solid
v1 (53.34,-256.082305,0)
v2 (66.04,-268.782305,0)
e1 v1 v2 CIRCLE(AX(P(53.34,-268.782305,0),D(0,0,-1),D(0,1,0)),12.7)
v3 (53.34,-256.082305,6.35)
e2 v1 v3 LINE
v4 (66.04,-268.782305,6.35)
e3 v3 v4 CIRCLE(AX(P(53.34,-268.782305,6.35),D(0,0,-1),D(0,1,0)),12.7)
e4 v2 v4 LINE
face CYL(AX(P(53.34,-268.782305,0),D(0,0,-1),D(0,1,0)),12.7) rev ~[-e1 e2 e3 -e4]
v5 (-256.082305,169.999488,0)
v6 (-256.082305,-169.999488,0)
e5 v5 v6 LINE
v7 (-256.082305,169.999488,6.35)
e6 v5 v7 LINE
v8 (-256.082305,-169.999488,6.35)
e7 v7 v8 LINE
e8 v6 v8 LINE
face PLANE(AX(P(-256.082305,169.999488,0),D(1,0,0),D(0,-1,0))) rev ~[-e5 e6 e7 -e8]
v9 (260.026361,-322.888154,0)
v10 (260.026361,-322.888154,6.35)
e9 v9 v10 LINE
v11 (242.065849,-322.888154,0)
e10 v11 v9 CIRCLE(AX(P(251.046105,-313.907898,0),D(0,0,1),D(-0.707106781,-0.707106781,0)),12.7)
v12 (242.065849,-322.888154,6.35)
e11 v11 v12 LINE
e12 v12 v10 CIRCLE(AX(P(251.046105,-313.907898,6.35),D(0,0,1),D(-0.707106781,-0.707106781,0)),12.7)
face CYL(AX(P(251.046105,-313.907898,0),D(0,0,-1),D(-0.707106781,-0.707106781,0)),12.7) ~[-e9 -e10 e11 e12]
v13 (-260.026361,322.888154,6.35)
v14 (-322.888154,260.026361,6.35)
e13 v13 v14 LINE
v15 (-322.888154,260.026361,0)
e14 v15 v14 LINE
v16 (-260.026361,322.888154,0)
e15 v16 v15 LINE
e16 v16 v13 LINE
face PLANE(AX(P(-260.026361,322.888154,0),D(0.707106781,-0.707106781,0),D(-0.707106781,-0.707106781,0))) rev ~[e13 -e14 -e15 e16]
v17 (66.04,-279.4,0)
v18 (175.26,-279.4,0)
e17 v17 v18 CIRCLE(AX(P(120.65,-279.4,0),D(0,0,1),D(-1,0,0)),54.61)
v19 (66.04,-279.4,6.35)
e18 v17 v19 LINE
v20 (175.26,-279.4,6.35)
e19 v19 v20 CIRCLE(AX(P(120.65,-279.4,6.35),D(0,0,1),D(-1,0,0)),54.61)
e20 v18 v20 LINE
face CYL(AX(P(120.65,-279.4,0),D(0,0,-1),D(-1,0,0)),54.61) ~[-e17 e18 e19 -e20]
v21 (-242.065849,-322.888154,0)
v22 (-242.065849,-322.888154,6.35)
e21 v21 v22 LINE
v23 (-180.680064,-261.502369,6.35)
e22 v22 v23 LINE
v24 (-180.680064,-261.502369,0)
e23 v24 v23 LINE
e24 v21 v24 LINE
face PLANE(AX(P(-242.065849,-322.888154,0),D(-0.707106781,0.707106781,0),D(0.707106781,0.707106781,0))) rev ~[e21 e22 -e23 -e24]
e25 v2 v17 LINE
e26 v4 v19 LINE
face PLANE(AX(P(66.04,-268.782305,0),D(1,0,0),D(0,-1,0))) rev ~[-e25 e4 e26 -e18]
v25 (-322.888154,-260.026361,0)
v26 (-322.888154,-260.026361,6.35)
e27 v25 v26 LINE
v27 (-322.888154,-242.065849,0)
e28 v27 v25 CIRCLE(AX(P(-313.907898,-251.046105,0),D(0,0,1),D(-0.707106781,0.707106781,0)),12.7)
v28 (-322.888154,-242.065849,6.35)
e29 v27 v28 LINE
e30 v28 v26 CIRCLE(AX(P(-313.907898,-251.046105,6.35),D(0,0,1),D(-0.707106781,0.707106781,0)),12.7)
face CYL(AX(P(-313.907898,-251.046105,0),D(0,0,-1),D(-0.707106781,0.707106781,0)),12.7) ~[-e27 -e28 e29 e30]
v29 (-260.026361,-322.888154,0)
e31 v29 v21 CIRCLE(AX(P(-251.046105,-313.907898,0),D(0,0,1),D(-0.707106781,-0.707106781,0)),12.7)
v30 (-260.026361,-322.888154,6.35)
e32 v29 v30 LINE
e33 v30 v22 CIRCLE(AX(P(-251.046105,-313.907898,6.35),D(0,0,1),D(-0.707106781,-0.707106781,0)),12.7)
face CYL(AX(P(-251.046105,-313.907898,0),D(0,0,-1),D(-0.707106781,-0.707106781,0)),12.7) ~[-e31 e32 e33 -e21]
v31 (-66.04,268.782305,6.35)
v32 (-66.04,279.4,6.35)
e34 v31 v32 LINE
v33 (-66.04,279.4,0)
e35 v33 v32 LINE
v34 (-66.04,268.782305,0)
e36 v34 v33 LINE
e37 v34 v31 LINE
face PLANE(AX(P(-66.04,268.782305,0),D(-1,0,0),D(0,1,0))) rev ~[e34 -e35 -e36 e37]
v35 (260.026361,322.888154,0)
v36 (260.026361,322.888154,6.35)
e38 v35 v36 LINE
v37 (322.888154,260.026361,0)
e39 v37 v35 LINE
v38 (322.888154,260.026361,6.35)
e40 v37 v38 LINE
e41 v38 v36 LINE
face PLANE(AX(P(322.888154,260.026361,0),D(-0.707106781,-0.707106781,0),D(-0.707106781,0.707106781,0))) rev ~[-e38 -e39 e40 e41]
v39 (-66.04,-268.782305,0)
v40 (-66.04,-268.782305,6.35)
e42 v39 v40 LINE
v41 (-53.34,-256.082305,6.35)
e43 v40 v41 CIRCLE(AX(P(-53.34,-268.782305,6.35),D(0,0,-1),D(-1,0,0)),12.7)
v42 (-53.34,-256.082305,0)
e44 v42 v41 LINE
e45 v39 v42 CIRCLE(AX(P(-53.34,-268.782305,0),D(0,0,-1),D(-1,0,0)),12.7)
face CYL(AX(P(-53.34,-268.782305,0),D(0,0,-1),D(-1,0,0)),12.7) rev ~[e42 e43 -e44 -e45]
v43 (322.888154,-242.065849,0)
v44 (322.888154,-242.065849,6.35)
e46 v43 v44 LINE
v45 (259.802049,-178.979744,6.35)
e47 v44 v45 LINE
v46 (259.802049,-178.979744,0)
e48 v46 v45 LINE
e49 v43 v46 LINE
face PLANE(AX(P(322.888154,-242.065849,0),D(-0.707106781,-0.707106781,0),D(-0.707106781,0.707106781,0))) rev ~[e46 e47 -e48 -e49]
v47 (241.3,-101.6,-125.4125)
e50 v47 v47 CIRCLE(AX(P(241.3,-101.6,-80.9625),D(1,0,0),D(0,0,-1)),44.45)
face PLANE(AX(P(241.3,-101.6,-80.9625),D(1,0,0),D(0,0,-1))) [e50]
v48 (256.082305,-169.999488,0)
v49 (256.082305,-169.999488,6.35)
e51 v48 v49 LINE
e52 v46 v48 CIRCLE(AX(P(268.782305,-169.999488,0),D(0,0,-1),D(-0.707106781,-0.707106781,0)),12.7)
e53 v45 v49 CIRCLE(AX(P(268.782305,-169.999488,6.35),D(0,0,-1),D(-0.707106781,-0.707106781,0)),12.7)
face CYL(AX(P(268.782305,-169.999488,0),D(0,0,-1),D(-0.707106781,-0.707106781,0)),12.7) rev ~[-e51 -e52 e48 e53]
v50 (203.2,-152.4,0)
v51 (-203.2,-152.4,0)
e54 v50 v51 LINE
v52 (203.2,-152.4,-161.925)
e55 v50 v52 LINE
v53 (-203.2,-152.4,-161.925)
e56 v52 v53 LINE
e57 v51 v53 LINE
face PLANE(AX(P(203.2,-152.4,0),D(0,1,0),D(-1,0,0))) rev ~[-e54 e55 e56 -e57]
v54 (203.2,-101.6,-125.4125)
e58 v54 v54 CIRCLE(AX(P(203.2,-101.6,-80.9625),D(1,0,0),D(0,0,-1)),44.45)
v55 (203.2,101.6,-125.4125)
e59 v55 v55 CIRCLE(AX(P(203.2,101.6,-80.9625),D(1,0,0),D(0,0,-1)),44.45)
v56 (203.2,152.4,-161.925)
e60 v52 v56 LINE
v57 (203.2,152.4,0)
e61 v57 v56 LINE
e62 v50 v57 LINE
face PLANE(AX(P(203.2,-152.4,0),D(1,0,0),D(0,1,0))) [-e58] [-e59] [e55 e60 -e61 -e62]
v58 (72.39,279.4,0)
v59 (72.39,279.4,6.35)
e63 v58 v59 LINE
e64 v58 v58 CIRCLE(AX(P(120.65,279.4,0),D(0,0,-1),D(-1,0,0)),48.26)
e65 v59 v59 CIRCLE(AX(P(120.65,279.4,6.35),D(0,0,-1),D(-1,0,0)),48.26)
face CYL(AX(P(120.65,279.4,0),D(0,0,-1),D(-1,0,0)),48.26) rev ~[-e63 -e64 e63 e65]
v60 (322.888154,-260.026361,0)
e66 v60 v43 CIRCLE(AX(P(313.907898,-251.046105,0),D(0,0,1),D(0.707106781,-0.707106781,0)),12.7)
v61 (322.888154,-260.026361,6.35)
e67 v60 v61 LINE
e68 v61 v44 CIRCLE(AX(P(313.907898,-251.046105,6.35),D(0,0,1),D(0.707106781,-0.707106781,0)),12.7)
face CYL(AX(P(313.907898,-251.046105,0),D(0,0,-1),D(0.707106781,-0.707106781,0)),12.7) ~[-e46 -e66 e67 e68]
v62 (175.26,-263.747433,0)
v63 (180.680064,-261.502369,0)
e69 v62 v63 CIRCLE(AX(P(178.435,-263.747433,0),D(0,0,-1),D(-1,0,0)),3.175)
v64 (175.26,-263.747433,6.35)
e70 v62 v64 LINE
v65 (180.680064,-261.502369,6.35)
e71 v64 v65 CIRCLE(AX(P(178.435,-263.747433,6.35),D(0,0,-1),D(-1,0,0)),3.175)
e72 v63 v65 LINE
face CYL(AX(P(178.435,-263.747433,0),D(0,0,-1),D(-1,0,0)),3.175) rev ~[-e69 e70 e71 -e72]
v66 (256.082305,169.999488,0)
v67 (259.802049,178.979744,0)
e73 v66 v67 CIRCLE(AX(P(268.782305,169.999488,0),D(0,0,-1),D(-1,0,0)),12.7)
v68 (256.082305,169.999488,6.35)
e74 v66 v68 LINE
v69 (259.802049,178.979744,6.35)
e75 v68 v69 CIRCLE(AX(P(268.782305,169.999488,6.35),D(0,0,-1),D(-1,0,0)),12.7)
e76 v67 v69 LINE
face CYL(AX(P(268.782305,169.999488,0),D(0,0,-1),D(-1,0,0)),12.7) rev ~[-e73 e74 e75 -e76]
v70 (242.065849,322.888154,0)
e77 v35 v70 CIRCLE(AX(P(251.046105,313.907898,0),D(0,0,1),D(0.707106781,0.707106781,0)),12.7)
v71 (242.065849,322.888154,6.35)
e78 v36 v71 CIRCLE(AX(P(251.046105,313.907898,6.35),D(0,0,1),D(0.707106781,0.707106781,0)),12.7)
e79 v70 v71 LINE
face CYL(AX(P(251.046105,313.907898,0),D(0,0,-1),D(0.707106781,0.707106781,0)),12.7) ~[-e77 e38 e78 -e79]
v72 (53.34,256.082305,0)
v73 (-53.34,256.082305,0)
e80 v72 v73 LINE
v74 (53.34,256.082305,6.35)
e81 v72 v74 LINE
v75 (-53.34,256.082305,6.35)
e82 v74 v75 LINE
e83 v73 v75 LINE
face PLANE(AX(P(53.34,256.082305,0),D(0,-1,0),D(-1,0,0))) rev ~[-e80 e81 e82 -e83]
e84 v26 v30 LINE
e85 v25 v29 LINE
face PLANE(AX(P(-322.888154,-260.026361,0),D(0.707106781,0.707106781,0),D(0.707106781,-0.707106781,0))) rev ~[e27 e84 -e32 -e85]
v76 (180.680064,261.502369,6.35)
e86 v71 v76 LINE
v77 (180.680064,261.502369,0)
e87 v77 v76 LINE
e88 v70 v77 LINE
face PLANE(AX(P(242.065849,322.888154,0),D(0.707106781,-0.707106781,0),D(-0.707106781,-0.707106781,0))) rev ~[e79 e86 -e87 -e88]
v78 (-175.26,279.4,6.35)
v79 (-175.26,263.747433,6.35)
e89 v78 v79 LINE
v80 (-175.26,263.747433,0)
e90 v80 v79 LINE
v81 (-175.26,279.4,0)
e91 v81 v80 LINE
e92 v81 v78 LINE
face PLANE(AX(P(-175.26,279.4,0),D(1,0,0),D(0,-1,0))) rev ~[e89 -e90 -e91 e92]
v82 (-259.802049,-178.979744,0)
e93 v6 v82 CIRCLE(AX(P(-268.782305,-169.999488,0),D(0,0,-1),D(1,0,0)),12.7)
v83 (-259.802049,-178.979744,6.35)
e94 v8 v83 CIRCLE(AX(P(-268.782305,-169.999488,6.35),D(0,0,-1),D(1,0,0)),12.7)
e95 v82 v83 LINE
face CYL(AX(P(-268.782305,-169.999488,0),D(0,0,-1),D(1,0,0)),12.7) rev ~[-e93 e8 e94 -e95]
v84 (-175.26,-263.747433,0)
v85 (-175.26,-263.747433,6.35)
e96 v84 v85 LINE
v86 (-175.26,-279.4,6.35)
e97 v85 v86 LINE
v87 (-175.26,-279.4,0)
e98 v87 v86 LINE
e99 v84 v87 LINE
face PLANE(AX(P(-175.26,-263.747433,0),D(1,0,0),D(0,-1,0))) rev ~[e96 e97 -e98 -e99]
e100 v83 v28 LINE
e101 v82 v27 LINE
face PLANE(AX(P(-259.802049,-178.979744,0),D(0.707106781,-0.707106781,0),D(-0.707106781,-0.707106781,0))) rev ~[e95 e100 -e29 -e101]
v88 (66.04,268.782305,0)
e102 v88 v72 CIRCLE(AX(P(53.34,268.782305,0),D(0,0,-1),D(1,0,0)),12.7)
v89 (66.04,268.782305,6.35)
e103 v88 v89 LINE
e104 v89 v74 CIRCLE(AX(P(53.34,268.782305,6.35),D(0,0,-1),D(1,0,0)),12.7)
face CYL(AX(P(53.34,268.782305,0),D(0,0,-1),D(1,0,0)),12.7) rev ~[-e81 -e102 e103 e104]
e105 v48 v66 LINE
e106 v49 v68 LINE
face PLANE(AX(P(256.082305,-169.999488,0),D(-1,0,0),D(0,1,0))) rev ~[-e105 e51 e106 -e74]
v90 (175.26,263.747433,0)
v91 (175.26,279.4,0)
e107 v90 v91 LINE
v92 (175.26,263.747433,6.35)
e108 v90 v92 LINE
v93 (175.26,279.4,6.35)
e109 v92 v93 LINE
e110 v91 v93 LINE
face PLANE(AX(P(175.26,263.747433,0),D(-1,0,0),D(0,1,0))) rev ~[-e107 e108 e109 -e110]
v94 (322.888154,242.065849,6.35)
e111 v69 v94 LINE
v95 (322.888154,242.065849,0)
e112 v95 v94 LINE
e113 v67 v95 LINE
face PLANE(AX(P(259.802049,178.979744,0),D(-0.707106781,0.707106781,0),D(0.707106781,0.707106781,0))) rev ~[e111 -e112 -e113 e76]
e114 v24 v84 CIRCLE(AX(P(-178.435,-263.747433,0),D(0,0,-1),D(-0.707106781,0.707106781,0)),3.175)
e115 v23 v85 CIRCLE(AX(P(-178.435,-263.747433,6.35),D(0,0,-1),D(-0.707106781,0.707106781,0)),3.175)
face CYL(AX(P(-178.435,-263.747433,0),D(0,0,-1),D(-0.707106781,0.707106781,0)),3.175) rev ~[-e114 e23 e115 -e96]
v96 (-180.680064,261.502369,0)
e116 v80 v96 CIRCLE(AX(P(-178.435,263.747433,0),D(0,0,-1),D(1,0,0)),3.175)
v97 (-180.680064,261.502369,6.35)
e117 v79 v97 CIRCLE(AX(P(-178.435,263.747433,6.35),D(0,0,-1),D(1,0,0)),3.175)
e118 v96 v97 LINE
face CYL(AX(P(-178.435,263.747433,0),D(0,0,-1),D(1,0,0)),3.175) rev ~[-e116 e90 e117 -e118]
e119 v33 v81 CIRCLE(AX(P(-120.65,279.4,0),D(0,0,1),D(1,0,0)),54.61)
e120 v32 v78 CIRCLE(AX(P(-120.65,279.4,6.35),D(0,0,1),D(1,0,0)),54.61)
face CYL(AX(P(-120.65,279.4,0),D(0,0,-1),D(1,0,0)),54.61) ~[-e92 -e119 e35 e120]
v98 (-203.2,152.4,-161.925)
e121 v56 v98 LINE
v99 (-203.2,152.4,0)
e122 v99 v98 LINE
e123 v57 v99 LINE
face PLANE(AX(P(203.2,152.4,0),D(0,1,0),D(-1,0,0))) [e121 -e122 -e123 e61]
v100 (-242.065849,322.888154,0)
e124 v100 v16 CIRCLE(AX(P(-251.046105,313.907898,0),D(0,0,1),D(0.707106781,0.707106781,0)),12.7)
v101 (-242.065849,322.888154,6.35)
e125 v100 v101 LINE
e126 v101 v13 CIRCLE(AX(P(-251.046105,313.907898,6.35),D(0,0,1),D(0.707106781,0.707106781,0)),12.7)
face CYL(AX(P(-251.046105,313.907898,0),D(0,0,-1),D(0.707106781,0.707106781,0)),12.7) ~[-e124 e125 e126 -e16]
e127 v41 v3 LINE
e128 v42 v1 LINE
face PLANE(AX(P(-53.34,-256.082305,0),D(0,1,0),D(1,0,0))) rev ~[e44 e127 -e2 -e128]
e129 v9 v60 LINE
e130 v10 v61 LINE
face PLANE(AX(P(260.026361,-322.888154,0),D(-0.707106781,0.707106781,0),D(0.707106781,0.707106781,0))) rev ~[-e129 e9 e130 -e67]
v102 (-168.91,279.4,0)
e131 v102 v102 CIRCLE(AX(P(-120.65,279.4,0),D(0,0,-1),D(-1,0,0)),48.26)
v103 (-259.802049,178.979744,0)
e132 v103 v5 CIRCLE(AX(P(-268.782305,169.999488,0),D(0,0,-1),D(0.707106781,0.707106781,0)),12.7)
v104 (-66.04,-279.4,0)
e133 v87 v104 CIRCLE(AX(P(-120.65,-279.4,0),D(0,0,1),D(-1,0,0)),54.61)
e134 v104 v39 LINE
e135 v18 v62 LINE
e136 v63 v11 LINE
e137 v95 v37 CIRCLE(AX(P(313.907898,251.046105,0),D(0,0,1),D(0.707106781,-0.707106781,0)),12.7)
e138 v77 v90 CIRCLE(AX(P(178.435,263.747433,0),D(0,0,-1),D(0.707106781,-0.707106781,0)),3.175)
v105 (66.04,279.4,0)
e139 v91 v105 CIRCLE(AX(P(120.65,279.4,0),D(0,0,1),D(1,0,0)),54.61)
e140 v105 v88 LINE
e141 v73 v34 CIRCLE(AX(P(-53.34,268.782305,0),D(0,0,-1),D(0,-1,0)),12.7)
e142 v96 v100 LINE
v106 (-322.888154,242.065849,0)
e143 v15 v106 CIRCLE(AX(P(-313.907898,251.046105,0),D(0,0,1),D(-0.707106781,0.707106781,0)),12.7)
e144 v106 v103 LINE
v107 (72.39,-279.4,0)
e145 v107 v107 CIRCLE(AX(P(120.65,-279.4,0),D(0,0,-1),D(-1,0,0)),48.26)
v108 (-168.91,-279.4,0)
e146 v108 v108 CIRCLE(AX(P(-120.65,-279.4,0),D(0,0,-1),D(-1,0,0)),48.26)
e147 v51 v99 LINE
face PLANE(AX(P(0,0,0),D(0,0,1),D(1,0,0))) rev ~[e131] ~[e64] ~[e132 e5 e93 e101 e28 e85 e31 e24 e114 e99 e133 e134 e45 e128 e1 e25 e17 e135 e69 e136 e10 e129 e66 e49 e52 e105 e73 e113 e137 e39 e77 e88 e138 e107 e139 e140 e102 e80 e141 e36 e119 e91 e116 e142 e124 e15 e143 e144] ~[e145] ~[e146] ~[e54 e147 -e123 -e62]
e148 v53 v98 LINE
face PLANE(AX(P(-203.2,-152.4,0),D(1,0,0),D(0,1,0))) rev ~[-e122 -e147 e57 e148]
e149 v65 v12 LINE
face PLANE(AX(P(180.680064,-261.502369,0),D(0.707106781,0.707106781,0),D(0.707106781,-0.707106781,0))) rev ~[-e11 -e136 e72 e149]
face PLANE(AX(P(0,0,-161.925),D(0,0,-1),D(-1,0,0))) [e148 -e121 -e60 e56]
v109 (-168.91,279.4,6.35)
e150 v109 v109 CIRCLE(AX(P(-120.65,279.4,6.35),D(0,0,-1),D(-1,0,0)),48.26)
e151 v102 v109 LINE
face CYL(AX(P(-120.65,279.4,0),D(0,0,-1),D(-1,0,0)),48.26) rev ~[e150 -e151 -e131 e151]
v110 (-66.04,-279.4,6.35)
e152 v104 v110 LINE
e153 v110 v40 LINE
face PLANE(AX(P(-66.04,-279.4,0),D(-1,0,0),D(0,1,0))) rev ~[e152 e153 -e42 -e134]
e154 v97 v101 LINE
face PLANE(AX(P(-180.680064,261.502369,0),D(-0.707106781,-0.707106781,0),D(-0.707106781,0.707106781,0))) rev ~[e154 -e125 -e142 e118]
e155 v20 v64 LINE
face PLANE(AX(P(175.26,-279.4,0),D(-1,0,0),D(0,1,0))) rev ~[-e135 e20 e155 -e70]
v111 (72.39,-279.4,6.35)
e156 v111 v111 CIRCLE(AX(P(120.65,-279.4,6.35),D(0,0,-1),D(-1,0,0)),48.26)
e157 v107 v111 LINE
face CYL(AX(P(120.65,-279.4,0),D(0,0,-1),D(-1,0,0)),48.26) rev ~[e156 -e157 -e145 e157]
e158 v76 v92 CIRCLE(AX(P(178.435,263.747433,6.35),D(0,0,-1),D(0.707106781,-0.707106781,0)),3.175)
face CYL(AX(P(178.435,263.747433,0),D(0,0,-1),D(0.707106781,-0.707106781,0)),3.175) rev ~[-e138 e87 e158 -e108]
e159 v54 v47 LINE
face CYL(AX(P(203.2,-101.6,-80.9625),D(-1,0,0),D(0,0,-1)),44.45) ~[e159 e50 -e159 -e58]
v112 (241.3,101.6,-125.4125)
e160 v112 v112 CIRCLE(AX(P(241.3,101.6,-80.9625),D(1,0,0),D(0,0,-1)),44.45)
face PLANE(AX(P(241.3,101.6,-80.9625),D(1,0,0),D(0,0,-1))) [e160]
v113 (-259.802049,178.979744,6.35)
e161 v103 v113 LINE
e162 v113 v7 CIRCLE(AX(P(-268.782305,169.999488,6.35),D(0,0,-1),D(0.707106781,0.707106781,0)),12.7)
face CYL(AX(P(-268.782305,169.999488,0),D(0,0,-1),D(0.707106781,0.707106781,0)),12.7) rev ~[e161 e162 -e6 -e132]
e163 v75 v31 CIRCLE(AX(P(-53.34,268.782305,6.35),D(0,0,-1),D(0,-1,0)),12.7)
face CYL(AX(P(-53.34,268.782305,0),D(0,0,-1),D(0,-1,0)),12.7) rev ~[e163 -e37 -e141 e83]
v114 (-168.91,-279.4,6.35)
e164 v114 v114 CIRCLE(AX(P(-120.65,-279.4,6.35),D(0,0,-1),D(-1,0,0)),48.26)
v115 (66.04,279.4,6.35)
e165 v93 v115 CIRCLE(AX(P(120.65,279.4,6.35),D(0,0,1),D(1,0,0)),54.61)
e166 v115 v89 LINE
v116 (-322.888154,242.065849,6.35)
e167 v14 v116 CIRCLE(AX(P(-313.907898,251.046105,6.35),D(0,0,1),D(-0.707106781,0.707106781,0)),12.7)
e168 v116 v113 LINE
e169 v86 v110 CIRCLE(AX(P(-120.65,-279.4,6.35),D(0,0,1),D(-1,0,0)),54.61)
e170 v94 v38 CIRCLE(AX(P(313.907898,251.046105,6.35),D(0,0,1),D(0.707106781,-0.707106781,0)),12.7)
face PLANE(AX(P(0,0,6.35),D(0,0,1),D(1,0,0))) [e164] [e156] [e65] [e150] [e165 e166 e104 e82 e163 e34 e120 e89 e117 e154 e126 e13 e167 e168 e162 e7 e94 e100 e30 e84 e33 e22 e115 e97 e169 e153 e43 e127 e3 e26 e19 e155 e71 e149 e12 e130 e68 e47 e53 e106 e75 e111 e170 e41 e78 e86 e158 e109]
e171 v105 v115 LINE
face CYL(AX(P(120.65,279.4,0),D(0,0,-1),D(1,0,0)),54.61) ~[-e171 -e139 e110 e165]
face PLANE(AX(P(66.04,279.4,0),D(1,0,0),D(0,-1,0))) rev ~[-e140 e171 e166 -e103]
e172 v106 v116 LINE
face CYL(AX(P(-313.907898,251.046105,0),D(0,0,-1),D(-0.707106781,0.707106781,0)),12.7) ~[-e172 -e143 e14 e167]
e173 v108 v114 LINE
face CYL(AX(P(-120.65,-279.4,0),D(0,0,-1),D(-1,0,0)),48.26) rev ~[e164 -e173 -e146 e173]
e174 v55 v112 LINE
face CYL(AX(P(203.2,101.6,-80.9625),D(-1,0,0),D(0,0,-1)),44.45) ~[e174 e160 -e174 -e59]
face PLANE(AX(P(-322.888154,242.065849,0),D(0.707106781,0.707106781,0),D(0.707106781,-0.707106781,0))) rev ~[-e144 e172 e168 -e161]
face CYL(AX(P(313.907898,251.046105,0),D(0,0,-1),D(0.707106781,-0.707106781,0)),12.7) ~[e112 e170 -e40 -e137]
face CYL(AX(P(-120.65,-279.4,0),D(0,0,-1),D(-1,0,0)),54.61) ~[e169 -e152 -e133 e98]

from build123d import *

# Parameters (mm, degrees)
BOSS_EXTRUDE1_DEPTH = 6.35
SKETCH2_W           = 406.4
SKETCH2_H           = 304.8
BOSS_EXTRUDE2_DEPTH = 161.925
SKETCH3_R           = 48.26
CUT_EXTRUDE1_DEPTH  = 161.925
SKETCH4_R           = 44.45
BOSS_EXTRUDE3_DEPTH = 38.1


with BuildPart() as part:
    # Sketch1 → Boss-Extrude1 (new body)
    with BuildSketch(Plane.XY):
        with BuildLine():
            Line((256.082305134, -169.999487802), (256.082305134, 169.999487802))
            ThreePointArc((256.082305134, 169.999487802), (257.049035071, 174.859567393), (259.802049013, 178.979743923))
            Line((259.802049013, 178.979743923), (322.888153673, 242.065848583))
            ThreePointArc((322.888153673, 242.065848583), (326.607897552, 251.046104704), (322.888153673, 260.026360825))
            Line((322.888153673, 260.026360825), (260.026360825, 322.888153673))
            ThreePointArc((260.026360825, 322.888153673), (251.046104704, 326.607897552), (242.065848583, 322.888153673))
            Line((242.065848583, 322.888153673), (180.680064074, 261.502369164))
            ThreePointArc((180.680064074, 261.502369164), (177.219980146, 260.814115678), (175.260000044, 263.747433194))
            Line((175.260000044, 263.747433194), (175.260000044, 279.4))
            ThreePointArc((175.260000044, 279.4), (120.65, 334.010000044), (66.039999956, 279.4))
            Line((66.039999956, 279.4), (66.039999956, 268.782305134))
            ThreePointArc((66.039999956, 268.782305134), (62.320256077, 259.802049013), (53.339999956, 256.082305134))
            Line((53.339999956, 256.082305134), (-53.339999956, 256.082305134))
            ThreePointArc((-53.339999956, 256.082305134), (-62.320256077, 259.802049013), (-66.039999956, 268.782305134))
            Line((-66.039999956, 268.782305134), (-66.039999956, 279.4))
            ThreePointArc((-66.039999956, 279.4), (-120.65, 334.010000044), (-175.260000044, 279.4))
            Line((-175.260000044, 279.4), (-175.260000044, 263.747433194))
            ThreePointArc((-175.260000044, 263.747433194), (-177.219980146, 260.814115678), (-180.680064074, 261.502369164))
            Line((-180.680064074, 261.502369164), (-242.065848583, 322.888153673))
            ThreePointArc((-242.065848583, 322.888153673), (-251.046104704, 326.607897552), (-260.026360825, 322.888153673))
            Line((-260.026360825, 322.888153673), (-322.888153673, 260.026360825))
            ThreePointArc((-322.888153673, 260.026360825), (-326.607897552, 251.046104704), (-322.888153673, 242.065848583))
            Line((-322.888153673, 242.065848583), (-259.802049013, 178.979743923))
            ThreePointArc((-259.802049013, 178.979743923), (-257.049035071, 174.859567393), (-256.082305134, 169.999487802))
            Line((-256.082305134, 169.999487802), (-256.082305134, -169.999487802))
            ThreePointArc((-256.082305134, -169.999487802), (-257.049035071, -174.859567393), (-259.802049013, -178.979743923))
            Line((-259.802049013, -178.979743923), (-322.888153673, -242.065848583))
            ThreePointArc((-322.888153673, -242.065848583), (-326.607897552, -251.046104704), (-322.888153673, -260.026360825))
            Line((-322.888153673, -260.026360825), (-260.026360825, -322.888153673))
            ThreePointArc((-260.026360825, -322.888153673), (-251.046104704, -326.607897552), (-242.065848583, -322.888153673))
            Line((-242.065848583, -322.888153673), (-180.680064074, -261.502369164))
            ThreePointArc((-180.680064074, -261.502369164), (-177.219980146, -260.814115678), (-175.260000044, -263.747433194))
            Line((-175.260000044, -263.747433194), (-175.260000044, -279.4))
            ThreePointArc((-175.260000044, -279.4), (-120.65, -334.010000044), (-66.039999956, -279.4))
            Line((-66.039999956, -279.4), (-66.039999956, -268.782305134))
            ThreePointArc((-66.039999956, -268.782305134), (-62.320256077, -259.802049013), (-53.339999956, -256.082305134))
            Line((-53.339999956, -256.082305134), (53.339999956, -256.082305134))
            ThreePointArc((53.339999956, -256.082305134), (62.320256077, -259.802049013), (66.039999956, -268.782305134))
            Line((66.039999956, -268.782305134), (66.039999956, -279.4))
            ThreePointArc((66.039999956, -279.4), (120.65, -334.010000044), (175.260000044, -279.4))
            Line((175.260000044, -279.4), (175.260000044, -263.747433194))
            ThreePointArc((175.260000044, -263.747433194), (177.219980146, -260.814115678), (180.680064074, -261.502369164))
            Line((180.680064074, -261.502369164), (242.065848583, -322.888153673))
            ThreePointArc((242.065848583, -322.888153673), (251.046104704, -326.607897552), (260.026360825, -322.888153673))
            Line((260.026360825, -322.888153673), (322.888153673, -260.026360825))
            ThreePointArc((322.888153673, -260.026360825), (326.607897552, -251.046104704), (322.888153673, -242.065848583))
            Line((322.888153673, -242.065848583), (259.802049013, -178.979743923))
            ThreePointArc((259.802049013, -178.979743923), (257.049035071, -174.859567393), (256.082305134, -169.999487802))
        make_face()
    extrude(amount=BOSS_EXTRUDE1_DEPTH)

    # Sketch2 → Boss-Extrude2 (add)
    with BuildSketch(Plane(origin=(0, 0, 0), x_dir=(-1, 0, 0), z_dir=(0, 0, -1))):
        Rectangle(SKETCH2_W, SKETCH2_H)
    extrude(amount=BOSS_EXTRUDE2_DEPTH)

    # Sketch3 → Cut-Extrude1 (cut)
    with BuildSketch(Plane(origin=(0, 0, 0), x_dir=(-1, 0, 0), z_dir=(0, 0, -1))):
        with Locations((120.65, 279.4)):
            Circle(SKETCH3_R)
        with Locations((-120.65, 279.4)):
            Circle(SKETCH3_R)
        with Locations((-120.65, -279.4)):
            Circle(SKETCH3_R)
        with Locations((120.65, -279.4)):
            Circle(SKETCH3_R)
    extrude(amount=-CUT_EXTRUDE1_DEPTH, mode=Mode.SUBTRACT)

    # Sketch4 → Boss-Extrude3 (add)
    with BuildSketch(Plane(origin=(203.2, 0, 0), x_dir=(0, 0, -1), z_dir=(1, 0, 0))):
        with Locations((80.9625, 101.6)):
            Circle(SKETCH4_R)
        with Locations((80.9625, -101.6)):
            Circle(SKETCH4_R)
    extrude(amount=BOSS_EXTRUDE3_DEPTH)


solid = part.part
